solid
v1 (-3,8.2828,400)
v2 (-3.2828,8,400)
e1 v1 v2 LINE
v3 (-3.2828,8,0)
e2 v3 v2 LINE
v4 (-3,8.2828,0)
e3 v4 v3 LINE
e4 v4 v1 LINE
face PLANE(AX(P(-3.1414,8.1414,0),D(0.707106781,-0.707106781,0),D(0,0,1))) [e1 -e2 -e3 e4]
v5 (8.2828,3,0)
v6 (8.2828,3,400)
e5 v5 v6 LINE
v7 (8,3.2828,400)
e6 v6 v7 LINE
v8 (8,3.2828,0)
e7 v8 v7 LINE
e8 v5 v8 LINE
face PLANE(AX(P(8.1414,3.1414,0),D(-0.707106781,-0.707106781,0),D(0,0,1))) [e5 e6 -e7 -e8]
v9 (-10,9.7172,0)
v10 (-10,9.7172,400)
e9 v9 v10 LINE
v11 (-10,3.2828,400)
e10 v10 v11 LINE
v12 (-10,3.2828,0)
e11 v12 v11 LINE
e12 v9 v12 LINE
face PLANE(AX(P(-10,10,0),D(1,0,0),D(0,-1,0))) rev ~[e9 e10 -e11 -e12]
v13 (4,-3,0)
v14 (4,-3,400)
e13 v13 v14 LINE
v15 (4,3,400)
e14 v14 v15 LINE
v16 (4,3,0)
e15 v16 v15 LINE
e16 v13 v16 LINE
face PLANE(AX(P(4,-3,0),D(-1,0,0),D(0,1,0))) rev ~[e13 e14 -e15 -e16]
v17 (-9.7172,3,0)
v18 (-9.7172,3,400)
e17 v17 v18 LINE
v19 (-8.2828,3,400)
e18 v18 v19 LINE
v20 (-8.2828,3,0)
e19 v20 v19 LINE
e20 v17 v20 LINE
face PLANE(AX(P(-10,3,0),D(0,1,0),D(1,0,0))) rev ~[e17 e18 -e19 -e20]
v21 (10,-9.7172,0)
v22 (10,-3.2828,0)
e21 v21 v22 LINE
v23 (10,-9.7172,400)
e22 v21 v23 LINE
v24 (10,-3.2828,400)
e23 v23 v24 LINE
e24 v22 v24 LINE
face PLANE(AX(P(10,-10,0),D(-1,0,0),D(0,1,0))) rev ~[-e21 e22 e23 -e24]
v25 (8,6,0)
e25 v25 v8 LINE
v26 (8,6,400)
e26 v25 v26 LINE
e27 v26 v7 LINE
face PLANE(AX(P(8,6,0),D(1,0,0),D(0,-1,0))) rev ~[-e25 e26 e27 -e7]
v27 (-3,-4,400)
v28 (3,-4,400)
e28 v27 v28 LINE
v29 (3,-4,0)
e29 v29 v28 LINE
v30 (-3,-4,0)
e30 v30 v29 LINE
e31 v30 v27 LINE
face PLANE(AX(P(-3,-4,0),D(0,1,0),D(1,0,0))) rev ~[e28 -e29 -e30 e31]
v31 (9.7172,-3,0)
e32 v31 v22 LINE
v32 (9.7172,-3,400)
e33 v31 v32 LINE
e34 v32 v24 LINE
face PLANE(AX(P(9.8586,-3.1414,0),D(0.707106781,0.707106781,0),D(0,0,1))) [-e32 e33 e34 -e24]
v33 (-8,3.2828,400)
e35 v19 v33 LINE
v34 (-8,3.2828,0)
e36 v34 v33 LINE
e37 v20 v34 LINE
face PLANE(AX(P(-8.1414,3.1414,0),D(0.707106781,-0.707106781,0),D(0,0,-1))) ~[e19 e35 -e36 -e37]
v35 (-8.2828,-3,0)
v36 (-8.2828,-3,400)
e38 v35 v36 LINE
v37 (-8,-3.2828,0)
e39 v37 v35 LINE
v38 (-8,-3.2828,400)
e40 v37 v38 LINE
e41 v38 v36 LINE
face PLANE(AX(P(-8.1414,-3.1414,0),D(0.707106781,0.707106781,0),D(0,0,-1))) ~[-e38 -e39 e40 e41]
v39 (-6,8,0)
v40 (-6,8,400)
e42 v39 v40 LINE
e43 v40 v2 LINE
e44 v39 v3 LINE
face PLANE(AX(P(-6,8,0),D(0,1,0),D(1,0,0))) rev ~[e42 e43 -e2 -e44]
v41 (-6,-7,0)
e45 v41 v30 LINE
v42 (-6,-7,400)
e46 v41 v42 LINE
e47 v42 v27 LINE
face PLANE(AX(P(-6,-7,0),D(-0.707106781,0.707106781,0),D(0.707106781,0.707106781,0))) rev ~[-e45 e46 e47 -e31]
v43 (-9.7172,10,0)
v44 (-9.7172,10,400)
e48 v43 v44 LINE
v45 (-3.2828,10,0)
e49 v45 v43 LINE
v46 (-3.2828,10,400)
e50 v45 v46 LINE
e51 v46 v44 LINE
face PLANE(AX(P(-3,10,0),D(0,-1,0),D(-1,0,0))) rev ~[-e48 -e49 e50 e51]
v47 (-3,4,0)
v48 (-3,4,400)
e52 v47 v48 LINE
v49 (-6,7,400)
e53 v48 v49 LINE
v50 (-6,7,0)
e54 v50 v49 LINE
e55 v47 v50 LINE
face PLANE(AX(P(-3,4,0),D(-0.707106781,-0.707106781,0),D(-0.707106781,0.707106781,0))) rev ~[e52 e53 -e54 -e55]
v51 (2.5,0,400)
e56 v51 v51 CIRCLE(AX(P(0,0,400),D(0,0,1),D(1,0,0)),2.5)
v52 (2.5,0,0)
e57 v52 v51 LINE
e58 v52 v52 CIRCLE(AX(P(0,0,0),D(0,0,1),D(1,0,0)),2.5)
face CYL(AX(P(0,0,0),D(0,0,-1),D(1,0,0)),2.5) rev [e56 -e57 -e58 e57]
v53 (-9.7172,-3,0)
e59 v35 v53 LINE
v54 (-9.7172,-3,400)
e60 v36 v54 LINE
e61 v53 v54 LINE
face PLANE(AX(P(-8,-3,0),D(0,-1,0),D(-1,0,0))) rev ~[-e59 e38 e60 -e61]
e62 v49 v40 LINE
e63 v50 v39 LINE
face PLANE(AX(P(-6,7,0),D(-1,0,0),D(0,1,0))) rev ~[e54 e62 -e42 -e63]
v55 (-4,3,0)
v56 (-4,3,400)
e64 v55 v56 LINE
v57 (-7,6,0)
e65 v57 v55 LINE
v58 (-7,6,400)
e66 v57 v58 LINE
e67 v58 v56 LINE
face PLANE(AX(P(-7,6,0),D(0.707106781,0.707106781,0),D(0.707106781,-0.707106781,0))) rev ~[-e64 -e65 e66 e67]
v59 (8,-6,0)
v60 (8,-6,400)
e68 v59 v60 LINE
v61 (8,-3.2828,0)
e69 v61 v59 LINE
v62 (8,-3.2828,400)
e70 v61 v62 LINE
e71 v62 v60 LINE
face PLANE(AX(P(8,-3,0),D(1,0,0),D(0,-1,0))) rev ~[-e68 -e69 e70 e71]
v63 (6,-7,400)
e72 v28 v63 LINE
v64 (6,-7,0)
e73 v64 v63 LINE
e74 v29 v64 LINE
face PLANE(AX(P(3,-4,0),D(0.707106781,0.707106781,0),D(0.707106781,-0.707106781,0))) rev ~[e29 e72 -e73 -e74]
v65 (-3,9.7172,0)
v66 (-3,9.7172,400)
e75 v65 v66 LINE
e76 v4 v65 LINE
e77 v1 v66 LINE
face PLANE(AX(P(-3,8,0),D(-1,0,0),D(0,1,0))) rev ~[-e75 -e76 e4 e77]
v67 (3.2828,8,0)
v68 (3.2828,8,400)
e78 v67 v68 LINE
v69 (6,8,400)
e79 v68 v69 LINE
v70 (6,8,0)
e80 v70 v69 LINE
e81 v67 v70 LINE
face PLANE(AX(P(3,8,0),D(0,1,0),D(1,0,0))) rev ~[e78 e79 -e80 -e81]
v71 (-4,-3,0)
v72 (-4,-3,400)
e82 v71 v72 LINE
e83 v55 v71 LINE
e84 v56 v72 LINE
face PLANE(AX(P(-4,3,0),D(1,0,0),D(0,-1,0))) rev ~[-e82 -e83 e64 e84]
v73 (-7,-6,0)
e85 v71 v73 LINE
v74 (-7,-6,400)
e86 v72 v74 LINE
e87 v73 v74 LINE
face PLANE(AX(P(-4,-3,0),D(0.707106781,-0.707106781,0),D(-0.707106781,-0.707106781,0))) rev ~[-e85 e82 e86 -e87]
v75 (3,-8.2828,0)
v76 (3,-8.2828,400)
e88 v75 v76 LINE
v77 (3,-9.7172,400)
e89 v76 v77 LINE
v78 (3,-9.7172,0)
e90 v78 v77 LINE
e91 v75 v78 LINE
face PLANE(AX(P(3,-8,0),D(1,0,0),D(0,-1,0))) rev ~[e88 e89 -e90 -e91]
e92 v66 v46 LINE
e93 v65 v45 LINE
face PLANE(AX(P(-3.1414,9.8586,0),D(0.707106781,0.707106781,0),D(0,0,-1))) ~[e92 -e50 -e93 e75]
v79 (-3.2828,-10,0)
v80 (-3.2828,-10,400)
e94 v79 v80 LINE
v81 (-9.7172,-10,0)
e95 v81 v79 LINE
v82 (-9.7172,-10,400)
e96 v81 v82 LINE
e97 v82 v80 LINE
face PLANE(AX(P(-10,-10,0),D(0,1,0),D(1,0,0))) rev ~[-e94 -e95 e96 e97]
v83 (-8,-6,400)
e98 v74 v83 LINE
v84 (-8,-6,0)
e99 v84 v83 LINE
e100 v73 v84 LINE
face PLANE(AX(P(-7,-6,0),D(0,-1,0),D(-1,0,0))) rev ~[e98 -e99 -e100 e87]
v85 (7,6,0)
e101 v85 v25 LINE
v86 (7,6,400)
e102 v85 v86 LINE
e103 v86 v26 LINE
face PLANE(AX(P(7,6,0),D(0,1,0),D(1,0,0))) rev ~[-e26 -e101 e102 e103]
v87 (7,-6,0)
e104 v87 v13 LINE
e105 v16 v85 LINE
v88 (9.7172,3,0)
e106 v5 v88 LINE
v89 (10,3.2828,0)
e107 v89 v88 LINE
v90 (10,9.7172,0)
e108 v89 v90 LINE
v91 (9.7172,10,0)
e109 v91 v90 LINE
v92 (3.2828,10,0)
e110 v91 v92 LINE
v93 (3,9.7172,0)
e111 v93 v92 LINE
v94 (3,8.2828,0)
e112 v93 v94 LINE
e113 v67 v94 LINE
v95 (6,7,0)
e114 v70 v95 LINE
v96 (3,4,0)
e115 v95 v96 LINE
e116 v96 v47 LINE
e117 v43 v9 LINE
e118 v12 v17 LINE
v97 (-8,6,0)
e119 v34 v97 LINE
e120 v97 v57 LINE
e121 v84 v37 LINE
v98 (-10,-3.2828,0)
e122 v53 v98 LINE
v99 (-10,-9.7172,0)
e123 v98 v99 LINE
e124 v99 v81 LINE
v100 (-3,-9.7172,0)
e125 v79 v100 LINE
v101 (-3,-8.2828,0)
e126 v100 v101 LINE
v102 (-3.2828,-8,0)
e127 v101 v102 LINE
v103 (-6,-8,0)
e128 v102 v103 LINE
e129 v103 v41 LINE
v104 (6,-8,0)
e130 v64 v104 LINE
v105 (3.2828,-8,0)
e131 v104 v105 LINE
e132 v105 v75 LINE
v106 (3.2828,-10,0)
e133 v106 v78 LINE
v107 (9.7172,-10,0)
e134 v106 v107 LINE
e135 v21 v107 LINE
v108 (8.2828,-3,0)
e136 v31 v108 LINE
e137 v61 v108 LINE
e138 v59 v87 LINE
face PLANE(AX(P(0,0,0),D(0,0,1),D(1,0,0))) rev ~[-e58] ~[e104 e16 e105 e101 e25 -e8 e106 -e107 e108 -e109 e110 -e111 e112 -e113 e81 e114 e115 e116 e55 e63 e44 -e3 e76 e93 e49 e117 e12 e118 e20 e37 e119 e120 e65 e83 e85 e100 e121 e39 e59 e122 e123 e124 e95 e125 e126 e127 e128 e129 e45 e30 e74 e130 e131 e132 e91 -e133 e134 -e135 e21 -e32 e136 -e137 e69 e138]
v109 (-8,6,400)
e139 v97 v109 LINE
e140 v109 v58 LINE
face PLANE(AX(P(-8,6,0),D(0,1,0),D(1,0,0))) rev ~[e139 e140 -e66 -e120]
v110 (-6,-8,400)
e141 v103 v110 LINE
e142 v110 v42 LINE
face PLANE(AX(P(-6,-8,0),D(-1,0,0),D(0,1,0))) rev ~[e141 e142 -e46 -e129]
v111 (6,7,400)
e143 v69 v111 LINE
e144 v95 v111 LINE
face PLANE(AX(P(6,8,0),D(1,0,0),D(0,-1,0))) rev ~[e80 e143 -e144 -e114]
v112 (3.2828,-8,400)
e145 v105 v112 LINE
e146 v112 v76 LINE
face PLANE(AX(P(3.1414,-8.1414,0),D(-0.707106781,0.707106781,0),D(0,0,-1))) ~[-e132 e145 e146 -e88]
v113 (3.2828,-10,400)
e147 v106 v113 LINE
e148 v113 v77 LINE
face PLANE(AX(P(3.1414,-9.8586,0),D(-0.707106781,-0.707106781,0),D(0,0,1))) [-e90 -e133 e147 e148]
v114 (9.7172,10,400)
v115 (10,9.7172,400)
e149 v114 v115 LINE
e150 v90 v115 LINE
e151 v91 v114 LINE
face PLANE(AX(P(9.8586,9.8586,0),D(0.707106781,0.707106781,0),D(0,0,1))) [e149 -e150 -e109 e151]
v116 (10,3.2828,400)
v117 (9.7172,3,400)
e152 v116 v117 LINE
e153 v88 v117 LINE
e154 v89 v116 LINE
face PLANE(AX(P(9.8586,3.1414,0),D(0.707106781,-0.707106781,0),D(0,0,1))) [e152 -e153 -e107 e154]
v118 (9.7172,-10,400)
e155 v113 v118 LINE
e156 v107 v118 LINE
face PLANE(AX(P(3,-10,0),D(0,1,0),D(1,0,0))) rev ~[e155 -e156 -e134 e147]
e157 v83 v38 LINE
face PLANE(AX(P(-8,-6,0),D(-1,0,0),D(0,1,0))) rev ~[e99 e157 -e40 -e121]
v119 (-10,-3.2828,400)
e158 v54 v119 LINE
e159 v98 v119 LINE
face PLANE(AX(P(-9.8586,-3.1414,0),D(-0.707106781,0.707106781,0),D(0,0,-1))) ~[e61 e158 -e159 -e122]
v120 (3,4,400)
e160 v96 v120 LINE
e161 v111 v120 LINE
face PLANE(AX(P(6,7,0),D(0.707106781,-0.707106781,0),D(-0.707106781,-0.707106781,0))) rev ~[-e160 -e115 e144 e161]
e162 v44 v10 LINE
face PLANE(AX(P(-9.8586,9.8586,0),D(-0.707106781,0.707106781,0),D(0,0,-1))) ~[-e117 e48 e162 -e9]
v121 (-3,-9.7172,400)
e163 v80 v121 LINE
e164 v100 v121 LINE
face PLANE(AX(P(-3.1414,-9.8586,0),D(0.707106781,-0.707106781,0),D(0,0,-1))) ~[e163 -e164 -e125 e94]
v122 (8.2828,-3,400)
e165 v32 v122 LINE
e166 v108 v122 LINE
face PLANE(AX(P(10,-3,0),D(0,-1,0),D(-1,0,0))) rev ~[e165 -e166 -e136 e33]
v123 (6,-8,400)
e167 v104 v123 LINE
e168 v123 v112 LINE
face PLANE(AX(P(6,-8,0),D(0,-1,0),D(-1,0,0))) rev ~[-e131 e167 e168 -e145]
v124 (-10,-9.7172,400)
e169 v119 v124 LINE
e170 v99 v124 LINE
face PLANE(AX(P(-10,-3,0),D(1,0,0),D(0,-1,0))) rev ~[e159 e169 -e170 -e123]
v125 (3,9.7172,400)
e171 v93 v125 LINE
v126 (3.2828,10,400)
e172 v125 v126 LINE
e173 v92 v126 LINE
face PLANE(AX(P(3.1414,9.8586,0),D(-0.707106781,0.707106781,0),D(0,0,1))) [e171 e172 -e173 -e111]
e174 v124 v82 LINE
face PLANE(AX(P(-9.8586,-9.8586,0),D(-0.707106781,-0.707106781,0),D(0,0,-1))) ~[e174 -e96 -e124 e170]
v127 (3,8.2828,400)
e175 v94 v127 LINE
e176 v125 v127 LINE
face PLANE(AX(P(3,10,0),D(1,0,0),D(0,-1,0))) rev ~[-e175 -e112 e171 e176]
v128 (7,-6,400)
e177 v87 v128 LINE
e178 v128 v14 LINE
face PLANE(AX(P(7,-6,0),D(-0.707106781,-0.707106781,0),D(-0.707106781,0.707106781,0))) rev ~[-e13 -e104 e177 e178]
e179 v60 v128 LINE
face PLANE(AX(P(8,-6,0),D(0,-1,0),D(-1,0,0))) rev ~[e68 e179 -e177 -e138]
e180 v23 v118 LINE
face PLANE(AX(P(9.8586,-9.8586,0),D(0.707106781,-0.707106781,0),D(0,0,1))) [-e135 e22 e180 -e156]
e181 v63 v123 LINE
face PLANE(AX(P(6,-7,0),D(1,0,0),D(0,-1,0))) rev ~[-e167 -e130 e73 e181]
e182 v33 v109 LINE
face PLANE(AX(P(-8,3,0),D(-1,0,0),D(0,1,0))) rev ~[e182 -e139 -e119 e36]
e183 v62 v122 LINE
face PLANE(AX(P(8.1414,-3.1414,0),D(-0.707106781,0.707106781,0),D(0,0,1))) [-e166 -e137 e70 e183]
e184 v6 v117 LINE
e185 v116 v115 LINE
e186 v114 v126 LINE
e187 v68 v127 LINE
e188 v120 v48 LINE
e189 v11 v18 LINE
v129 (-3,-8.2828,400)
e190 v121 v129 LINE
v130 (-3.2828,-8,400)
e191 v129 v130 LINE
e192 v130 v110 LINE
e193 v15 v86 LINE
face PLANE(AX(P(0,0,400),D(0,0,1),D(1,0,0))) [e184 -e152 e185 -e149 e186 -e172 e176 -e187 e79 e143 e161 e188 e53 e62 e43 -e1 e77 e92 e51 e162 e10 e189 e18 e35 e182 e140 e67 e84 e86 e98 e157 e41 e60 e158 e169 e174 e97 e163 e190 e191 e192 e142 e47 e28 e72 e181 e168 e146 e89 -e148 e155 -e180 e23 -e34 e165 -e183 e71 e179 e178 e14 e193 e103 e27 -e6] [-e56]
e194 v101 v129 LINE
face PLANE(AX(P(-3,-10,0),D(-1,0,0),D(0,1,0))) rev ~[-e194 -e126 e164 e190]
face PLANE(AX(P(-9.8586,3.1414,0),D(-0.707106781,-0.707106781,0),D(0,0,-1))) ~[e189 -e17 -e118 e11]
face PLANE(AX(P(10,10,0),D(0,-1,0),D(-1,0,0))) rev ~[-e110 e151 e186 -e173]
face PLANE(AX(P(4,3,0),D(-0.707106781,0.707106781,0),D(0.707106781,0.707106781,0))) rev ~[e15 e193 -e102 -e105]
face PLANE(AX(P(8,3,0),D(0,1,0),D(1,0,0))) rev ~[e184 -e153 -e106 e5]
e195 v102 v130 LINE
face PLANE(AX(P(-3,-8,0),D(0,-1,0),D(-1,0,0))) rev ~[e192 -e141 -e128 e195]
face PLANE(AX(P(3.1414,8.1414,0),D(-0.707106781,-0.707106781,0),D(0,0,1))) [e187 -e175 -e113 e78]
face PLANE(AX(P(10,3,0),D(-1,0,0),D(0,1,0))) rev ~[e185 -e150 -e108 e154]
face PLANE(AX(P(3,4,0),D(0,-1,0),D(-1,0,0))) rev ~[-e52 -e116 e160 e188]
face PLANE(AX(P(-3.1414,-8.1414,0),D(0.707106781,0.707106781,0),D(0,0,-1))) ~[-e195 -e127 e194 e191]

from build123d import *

# Parameters (mm, degrees)
SKETCH1_R           = 2.5
BOSS_EXTRUDE1_DEPTH = 400
CHAMFER1_SIZE       = 0.2828


with BuildPart() as part:
    # Sketch1 → Boss-Extrude1 (new body)
    with BuildSketch(Plane.XY):
        Polygon((-3, 8), (-3, 10), (-10, 10), (-10, 3), (-8, 3), (-8, 6), (-7, 6), (-4, 3), (-4, -3), (-7, -6), (-8, -6), (-8, -3), (-10, -3), (-10, -10), (-3, -10), (-3, -8), (-6, -8), (-6, -7), (-3, -4), (3, -4), (6, -7), (6, -8), (3, -8), (3, -10), (10, -10), (10, -3), (8, -3), (8, -6), (7, -6), (4, -3), (4, 3), (7, 6), (8, 6), (8, 3), (10, 3), (10, 10), (3, 10), (3, 8), (6, 8), (6, 7), (3, 4), (-3, 4), (-6, 7), (-6, 8), align=None)
        Circle(SKETCH1_R, mode=Mode.SUBTRACT)
    extrude(amount=BOSS_EXTRUDE1_DEPTH)

    # Chamfer1
    chamfer1_edges = [part.edges().sort_by_distance(p)[0] for p in [
        (-8, -3, 200),
        (-8, 3, 200),
        (-10, 3, 200),
        (-10, 10, 200),
        (-3, 10, 200),
        (-3, 8, 200),
        (3, 8, 200),
        (3, 10, 200),
        (10, 10, 200),
        (10, 3, 200),
        (8, 3, 200),
        (8, -3, 200),
        (10, -3, 200),
        (10, -10, 200),
        (3, -10, 200),
        (3, -8, 200),
        (-3, -8, 200),
        (-3, -10, 200),
        (-10, -10, 200),
        (-10, -3, 200),
    ]]
    chamfer(chamfer1_edges, length=CHAMFER1_SIZE)


solid = part.part
